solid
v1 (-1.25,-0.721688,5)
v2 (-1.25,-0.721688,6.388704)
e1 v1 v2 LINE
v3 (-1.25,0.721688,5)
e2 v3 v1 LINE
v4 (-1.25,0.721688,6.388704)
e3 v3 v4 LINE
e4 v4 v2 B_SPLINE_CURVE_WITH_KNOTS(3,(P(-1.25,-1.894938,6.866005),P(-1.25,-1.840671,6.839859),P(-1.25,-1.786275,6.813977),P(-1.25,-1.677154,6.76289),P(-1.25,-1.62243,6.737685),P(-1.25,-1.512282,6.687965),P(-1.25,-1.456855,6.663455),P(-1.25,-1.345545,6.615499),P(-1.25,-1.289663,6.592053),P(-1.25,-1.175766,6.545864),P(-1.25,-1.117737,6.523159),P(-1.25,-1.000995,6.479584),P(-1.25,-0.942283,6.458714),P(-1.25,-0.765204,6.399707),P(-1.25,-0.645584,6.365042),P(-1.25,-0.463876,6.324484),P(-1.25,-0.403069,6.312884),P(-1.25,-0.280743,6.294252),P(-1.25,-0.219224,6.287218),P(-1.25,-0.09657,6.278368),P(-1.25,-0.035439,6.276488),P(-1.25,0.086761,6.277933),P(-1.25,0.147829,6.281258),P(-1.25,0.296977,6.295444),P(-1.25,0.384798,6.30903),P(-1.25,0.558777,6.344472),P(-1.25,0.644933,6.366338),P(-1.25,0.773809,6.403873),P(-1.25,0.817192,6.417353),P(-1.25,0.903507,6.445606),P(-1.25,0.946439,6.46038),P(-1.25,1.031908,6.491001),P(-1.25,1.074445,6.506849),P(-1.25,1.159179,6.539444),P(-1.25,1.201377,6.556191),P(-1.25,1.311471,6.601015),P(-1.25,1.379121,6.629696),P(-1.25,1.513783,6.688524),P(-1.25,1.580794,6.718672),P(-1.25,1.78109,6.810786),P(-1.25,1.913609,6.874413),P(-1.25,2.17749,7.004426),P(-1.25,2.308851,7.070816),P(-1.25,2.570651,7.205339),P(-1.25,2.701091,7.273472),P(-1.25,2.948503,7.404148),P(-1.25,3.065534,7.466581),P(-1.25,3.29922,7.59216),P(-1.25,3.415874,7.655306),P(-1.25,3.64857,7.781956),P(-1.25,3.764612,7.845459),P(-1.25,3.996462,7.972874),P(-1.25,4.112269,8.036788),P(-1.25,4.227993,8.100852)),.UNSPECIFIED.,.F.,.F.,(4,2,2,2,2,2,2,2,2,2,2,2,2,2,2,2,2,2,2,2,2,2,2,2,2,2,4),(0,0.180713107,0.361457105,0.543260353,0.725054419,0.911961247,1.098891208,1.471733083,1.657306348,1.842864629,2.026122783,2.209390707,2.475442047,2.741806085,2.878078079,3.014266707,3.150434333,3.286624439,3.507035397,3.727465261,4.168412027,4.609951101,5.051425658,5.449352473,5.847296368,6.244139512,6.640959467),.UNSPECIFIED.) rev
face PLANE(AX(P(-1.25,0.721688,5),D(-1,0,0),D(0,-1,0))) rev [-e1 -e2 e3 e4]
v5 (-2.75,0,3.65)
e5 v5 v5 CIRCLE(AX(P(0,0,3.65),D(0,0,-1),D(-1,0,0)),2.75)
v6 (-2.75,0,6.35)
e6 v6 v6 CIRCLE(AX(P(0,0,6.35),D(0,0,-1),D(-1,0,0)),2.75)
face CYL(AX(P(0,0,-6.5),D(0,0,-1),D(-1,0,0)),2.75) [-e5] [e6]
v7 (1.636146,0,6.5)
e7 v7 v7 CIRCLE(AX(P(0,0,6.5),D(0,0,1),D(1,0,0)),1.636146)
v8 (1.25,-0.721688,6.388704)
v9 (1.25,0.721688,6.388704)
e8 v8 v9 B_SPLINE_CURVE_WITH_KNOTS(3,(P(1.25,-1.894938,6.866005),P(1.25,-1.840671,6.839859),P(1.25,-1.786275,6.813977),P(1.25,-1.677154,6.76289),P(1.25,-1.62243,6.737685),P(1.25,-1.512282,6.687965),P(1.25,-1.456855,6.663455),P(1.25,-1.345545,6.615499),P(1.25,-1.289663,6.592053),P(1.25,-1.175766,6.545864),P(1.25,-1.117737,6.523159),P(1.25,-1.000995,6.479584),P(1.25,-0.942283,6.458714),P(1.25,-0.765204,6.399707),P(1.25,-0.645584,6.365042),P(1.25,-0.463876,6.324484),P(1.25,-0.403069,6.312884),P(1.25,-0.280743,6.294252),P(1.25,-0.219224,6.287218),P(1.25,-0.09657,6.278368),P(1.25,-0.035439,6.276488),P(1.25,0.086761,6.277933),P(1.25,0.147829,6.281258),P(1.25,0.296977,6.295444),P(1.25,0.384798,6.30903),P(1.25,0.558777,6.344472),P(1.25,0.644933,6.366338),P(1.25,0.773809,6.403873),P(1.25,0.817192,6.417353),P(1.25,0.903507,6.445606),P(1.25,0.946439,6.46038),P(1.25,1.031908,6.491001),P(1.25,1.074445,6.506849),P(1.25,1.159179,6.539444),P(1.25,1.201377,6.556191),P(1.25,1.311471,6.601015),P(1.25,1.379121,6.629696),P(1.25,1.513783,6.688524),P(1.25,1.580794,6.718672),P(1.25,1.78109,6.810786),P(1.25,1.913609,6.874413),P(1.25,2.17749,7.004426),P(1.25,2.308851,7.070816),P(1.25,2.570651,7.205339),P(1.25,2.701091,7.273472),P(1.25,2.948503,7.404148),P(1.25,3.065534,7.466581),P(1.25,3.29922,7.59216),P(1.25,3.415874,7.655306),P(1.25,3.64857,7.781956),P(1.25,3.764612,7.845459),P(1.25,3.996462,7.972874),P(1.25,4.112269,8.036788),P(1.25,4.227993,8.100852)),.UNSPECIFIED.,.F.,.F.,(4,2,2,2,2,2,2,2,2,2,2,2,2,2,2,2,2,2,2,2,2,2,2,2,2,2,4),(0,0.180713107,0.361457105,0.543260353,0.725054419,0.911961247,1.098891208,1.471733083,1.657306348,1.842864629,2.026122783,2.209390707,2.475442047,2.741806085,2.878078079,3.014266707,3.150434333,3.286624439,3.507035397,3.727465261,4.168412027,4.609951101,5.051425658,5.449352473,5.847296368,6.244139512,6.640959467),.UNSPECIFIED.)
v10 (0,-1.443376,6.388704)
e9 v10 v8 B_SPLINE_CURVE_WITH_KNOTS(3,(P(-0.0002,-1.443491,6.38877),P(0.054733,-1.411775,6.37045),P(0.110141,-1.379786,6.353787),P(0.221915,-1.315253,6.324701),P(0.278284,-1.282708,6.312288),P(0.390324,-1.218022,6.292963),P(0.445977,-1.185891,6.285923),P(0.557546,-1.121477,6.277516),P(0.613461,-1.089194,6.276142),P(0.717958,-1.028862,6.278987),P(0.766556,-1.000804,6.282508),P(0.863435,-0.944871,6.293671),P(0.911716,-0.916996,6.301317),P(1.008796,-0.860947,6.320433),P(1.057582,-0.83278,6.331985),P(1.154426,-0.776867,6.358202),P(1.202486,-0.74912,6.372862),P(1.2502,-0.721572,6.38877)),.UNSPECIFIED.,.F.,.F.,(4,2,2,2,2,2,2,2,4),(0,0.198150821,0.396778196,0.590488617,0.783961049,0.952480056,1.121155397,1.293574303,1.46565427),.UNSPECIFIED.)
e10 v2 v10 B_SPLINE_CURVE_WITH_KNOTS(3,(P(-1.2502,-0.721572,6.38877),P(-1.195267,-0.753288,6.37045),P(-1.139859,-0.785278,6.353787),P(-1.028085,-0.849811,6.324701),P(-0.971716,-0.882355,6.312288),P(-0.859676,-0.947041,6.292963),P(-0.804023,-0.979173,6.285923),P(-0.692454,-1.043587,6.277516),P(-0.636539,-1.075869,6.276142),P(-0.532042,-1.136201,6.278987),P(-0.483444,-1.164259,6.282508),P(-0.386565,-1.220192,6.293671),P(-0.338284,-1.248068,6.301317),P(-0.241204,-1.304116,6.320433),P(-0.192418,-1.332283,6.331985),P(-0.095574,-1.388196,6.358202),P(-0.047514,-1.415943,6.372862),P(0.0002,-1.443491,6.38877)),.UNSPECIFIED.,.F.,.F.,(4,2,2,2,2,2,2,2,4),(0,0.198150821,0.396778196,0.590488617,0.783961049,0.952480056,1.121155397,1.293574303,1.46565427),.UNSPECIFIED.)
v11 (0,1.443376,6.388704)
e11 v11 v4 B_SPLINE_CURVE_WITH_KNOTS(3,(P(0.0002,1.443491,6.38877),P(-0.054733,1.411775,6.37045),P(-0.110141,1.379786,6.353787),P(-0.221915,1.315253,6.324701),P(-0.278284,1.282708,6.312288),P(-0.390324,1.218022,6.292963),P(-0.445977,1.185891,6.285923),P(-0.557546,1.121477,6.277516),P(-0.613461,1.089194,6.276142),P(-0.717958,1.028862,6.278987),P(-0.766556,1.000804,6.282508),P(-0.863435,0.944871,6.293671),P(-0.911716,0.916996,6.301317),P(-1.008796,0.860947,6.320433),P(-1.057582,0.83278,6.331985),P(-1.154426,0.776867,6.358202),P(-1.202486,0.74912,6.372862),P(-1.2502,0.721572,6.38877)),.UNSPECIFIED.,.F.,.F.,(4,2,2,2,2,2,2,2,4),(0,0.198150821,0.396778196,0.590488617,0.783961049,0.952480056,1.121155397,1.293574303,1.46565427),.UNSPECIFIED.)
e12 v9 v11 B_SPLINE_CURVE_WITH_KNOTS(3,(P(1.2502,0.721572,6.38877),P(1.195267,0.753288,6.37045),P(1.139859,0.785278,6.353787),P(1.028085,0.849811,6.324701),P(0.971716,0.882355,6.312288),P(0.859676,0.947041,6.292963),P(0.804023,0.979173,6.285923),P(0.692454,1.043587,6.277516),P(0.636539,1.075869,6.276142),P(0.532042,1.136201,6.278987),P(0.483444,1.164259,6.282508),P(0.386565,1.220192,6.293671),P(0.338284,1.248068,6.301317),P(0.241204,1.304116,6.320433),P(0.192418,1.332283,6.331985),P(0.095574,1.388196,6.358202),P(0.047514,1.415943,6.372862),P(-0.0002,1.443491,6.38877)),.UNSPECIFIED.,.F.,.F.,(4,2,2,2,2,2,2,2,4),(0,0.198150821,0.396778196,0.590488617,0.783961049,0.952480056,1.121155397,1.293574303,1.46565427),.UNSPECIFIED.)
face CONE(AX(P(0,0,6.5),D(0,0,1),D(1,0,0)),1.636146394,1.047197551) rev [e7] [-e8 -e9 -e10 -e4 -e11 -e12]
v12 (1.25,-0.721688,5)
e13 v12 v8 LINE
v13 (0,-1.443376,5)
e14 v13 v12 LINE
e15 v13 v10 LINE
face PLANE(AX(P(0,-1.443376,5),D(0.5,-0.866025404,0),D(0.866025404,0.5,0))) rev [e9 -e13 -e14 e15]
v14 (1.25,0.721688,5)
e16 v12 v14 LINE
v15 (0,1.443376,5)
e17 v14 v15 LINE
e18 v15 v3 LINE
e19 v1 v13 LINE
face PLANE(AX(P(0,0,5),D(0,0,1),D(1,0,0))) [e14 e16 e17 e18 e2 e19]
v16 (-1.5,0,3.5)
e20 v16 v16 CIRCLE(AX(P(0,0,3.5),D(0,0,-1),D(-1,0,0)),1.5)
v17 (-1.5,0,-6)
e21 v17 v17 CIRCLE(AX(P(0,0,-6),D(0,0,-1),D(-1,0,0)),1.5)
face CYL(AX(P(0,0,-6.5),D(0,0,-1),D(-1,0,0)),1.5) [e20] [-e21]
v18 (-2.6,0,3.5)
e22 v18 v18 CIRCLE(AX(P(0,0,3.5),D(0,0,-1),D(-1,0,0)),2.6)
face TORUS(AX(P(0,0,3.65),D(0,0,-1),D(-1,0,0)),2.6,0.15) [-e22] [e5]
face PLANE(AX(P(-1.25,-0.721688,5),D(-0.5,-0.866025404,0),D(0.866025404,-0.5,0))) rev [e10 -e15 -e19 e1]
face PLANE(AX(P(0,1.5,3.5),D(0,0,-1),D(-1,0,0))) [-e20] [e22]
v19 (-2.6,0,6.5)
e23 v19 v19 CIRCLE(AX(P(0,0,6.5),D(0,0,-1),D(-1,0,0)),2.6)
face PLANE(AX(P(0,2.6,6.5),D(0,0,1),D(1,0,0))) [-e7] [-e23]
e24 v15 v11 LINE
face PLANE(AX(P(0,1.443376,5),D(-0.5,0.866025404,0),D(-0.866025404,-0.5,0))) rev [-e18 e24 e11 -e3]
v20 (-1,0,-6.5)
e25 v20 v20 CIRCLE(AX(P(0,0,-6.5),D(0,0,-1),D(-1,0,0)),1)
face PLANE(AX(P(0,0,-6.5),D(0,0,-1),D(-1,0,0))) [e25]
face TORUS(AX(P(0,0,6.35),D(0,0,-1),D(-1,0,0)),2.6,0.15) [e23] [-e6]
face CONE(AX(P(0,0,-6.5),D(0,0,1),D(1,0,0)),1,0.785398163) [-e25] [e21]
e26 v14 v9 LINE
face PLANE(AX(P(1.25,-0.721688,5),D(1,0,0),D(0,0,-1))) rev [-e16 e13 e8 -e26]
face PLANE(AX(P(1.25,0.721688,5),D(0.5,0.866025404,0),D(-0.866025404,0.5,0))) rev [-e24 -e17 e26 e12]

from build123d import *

# Parameters (mm, degrees)
CUT_EXTRUDE1_START = 6.5
CUT_EXTRUDE1_DEPTH = 1.5


with BuildPart() as part:
    # Sketch2 → Revolve1 (revolve)
    with BuildSketch(Plane(origin=(0, 0, 0), x_dir=(0, 0, -1), z_dir=(1, 0, 0)), mode=Mode.PRIVATE) as revolve1_sk:
        with BuildLine():
            Line((6.5, 0), (6.5, 1))
            Line((6.5, 1), (6, 1.5))
            Line((6, 1.5), (-3.5, 1.5))
            Line((-3.5, 1.5), (-3.5, 2.6))
            ThreePointArc((-3.5, 2.6), (-3.543933983, 2.706066017), (-3.65, 2.75))
            Line((-3.65, 2.75), (-6.35, 2.75))
            ThreePointArc((-6.35, 2.75), (-6.456066017, 2.706066017), (-6.5, 2.6))
            Line((-6.5, 2.6), (-6.5, 0))
            Line((-6.5, 0), (6.5, 0))
        make_face()
    revolve(revolve1_sk.sketch.rotate(Axis((0, 0, -6.5), (0, 0, 1)), 90), axis=Axis((0, 0, -6.5), (0, 0, 1)))

    # Sketch3 → Cut-Extrude1 (cut)
    with BuildSketch(Plane.XY.offset(CUT_EXTRUDE1_START)):
        Polygon((-1.25, 0.721687836), (-1.25, -0.721687836), (0, -1.443375673), (1.25, -0.721687836), (1.25, 0.721687836), (0, 1.443375673), align=None)
    extrude(amount=-CUT_EXTRUDE1_DEPTH, mode=Mode.SUBTRACT)

    # Cut-Extrude2 cone 1 section (through the dimple's axis) → Cut-Extrude2 (revolve, cut)
    with BuildSketch(Plane(origin=(0, 0, 6.5), x_dir=(0, -1, 0), z_dir=(1, 0, 0))):
        Polygon((0, 0), (1.636146394, 0), (0, 0.944629561), align=None)
    revolve(axis=Axis((0, 0, 6.5), (0, 0, -1)), mode=Mode.SUBTRACT)


solid = part.part
